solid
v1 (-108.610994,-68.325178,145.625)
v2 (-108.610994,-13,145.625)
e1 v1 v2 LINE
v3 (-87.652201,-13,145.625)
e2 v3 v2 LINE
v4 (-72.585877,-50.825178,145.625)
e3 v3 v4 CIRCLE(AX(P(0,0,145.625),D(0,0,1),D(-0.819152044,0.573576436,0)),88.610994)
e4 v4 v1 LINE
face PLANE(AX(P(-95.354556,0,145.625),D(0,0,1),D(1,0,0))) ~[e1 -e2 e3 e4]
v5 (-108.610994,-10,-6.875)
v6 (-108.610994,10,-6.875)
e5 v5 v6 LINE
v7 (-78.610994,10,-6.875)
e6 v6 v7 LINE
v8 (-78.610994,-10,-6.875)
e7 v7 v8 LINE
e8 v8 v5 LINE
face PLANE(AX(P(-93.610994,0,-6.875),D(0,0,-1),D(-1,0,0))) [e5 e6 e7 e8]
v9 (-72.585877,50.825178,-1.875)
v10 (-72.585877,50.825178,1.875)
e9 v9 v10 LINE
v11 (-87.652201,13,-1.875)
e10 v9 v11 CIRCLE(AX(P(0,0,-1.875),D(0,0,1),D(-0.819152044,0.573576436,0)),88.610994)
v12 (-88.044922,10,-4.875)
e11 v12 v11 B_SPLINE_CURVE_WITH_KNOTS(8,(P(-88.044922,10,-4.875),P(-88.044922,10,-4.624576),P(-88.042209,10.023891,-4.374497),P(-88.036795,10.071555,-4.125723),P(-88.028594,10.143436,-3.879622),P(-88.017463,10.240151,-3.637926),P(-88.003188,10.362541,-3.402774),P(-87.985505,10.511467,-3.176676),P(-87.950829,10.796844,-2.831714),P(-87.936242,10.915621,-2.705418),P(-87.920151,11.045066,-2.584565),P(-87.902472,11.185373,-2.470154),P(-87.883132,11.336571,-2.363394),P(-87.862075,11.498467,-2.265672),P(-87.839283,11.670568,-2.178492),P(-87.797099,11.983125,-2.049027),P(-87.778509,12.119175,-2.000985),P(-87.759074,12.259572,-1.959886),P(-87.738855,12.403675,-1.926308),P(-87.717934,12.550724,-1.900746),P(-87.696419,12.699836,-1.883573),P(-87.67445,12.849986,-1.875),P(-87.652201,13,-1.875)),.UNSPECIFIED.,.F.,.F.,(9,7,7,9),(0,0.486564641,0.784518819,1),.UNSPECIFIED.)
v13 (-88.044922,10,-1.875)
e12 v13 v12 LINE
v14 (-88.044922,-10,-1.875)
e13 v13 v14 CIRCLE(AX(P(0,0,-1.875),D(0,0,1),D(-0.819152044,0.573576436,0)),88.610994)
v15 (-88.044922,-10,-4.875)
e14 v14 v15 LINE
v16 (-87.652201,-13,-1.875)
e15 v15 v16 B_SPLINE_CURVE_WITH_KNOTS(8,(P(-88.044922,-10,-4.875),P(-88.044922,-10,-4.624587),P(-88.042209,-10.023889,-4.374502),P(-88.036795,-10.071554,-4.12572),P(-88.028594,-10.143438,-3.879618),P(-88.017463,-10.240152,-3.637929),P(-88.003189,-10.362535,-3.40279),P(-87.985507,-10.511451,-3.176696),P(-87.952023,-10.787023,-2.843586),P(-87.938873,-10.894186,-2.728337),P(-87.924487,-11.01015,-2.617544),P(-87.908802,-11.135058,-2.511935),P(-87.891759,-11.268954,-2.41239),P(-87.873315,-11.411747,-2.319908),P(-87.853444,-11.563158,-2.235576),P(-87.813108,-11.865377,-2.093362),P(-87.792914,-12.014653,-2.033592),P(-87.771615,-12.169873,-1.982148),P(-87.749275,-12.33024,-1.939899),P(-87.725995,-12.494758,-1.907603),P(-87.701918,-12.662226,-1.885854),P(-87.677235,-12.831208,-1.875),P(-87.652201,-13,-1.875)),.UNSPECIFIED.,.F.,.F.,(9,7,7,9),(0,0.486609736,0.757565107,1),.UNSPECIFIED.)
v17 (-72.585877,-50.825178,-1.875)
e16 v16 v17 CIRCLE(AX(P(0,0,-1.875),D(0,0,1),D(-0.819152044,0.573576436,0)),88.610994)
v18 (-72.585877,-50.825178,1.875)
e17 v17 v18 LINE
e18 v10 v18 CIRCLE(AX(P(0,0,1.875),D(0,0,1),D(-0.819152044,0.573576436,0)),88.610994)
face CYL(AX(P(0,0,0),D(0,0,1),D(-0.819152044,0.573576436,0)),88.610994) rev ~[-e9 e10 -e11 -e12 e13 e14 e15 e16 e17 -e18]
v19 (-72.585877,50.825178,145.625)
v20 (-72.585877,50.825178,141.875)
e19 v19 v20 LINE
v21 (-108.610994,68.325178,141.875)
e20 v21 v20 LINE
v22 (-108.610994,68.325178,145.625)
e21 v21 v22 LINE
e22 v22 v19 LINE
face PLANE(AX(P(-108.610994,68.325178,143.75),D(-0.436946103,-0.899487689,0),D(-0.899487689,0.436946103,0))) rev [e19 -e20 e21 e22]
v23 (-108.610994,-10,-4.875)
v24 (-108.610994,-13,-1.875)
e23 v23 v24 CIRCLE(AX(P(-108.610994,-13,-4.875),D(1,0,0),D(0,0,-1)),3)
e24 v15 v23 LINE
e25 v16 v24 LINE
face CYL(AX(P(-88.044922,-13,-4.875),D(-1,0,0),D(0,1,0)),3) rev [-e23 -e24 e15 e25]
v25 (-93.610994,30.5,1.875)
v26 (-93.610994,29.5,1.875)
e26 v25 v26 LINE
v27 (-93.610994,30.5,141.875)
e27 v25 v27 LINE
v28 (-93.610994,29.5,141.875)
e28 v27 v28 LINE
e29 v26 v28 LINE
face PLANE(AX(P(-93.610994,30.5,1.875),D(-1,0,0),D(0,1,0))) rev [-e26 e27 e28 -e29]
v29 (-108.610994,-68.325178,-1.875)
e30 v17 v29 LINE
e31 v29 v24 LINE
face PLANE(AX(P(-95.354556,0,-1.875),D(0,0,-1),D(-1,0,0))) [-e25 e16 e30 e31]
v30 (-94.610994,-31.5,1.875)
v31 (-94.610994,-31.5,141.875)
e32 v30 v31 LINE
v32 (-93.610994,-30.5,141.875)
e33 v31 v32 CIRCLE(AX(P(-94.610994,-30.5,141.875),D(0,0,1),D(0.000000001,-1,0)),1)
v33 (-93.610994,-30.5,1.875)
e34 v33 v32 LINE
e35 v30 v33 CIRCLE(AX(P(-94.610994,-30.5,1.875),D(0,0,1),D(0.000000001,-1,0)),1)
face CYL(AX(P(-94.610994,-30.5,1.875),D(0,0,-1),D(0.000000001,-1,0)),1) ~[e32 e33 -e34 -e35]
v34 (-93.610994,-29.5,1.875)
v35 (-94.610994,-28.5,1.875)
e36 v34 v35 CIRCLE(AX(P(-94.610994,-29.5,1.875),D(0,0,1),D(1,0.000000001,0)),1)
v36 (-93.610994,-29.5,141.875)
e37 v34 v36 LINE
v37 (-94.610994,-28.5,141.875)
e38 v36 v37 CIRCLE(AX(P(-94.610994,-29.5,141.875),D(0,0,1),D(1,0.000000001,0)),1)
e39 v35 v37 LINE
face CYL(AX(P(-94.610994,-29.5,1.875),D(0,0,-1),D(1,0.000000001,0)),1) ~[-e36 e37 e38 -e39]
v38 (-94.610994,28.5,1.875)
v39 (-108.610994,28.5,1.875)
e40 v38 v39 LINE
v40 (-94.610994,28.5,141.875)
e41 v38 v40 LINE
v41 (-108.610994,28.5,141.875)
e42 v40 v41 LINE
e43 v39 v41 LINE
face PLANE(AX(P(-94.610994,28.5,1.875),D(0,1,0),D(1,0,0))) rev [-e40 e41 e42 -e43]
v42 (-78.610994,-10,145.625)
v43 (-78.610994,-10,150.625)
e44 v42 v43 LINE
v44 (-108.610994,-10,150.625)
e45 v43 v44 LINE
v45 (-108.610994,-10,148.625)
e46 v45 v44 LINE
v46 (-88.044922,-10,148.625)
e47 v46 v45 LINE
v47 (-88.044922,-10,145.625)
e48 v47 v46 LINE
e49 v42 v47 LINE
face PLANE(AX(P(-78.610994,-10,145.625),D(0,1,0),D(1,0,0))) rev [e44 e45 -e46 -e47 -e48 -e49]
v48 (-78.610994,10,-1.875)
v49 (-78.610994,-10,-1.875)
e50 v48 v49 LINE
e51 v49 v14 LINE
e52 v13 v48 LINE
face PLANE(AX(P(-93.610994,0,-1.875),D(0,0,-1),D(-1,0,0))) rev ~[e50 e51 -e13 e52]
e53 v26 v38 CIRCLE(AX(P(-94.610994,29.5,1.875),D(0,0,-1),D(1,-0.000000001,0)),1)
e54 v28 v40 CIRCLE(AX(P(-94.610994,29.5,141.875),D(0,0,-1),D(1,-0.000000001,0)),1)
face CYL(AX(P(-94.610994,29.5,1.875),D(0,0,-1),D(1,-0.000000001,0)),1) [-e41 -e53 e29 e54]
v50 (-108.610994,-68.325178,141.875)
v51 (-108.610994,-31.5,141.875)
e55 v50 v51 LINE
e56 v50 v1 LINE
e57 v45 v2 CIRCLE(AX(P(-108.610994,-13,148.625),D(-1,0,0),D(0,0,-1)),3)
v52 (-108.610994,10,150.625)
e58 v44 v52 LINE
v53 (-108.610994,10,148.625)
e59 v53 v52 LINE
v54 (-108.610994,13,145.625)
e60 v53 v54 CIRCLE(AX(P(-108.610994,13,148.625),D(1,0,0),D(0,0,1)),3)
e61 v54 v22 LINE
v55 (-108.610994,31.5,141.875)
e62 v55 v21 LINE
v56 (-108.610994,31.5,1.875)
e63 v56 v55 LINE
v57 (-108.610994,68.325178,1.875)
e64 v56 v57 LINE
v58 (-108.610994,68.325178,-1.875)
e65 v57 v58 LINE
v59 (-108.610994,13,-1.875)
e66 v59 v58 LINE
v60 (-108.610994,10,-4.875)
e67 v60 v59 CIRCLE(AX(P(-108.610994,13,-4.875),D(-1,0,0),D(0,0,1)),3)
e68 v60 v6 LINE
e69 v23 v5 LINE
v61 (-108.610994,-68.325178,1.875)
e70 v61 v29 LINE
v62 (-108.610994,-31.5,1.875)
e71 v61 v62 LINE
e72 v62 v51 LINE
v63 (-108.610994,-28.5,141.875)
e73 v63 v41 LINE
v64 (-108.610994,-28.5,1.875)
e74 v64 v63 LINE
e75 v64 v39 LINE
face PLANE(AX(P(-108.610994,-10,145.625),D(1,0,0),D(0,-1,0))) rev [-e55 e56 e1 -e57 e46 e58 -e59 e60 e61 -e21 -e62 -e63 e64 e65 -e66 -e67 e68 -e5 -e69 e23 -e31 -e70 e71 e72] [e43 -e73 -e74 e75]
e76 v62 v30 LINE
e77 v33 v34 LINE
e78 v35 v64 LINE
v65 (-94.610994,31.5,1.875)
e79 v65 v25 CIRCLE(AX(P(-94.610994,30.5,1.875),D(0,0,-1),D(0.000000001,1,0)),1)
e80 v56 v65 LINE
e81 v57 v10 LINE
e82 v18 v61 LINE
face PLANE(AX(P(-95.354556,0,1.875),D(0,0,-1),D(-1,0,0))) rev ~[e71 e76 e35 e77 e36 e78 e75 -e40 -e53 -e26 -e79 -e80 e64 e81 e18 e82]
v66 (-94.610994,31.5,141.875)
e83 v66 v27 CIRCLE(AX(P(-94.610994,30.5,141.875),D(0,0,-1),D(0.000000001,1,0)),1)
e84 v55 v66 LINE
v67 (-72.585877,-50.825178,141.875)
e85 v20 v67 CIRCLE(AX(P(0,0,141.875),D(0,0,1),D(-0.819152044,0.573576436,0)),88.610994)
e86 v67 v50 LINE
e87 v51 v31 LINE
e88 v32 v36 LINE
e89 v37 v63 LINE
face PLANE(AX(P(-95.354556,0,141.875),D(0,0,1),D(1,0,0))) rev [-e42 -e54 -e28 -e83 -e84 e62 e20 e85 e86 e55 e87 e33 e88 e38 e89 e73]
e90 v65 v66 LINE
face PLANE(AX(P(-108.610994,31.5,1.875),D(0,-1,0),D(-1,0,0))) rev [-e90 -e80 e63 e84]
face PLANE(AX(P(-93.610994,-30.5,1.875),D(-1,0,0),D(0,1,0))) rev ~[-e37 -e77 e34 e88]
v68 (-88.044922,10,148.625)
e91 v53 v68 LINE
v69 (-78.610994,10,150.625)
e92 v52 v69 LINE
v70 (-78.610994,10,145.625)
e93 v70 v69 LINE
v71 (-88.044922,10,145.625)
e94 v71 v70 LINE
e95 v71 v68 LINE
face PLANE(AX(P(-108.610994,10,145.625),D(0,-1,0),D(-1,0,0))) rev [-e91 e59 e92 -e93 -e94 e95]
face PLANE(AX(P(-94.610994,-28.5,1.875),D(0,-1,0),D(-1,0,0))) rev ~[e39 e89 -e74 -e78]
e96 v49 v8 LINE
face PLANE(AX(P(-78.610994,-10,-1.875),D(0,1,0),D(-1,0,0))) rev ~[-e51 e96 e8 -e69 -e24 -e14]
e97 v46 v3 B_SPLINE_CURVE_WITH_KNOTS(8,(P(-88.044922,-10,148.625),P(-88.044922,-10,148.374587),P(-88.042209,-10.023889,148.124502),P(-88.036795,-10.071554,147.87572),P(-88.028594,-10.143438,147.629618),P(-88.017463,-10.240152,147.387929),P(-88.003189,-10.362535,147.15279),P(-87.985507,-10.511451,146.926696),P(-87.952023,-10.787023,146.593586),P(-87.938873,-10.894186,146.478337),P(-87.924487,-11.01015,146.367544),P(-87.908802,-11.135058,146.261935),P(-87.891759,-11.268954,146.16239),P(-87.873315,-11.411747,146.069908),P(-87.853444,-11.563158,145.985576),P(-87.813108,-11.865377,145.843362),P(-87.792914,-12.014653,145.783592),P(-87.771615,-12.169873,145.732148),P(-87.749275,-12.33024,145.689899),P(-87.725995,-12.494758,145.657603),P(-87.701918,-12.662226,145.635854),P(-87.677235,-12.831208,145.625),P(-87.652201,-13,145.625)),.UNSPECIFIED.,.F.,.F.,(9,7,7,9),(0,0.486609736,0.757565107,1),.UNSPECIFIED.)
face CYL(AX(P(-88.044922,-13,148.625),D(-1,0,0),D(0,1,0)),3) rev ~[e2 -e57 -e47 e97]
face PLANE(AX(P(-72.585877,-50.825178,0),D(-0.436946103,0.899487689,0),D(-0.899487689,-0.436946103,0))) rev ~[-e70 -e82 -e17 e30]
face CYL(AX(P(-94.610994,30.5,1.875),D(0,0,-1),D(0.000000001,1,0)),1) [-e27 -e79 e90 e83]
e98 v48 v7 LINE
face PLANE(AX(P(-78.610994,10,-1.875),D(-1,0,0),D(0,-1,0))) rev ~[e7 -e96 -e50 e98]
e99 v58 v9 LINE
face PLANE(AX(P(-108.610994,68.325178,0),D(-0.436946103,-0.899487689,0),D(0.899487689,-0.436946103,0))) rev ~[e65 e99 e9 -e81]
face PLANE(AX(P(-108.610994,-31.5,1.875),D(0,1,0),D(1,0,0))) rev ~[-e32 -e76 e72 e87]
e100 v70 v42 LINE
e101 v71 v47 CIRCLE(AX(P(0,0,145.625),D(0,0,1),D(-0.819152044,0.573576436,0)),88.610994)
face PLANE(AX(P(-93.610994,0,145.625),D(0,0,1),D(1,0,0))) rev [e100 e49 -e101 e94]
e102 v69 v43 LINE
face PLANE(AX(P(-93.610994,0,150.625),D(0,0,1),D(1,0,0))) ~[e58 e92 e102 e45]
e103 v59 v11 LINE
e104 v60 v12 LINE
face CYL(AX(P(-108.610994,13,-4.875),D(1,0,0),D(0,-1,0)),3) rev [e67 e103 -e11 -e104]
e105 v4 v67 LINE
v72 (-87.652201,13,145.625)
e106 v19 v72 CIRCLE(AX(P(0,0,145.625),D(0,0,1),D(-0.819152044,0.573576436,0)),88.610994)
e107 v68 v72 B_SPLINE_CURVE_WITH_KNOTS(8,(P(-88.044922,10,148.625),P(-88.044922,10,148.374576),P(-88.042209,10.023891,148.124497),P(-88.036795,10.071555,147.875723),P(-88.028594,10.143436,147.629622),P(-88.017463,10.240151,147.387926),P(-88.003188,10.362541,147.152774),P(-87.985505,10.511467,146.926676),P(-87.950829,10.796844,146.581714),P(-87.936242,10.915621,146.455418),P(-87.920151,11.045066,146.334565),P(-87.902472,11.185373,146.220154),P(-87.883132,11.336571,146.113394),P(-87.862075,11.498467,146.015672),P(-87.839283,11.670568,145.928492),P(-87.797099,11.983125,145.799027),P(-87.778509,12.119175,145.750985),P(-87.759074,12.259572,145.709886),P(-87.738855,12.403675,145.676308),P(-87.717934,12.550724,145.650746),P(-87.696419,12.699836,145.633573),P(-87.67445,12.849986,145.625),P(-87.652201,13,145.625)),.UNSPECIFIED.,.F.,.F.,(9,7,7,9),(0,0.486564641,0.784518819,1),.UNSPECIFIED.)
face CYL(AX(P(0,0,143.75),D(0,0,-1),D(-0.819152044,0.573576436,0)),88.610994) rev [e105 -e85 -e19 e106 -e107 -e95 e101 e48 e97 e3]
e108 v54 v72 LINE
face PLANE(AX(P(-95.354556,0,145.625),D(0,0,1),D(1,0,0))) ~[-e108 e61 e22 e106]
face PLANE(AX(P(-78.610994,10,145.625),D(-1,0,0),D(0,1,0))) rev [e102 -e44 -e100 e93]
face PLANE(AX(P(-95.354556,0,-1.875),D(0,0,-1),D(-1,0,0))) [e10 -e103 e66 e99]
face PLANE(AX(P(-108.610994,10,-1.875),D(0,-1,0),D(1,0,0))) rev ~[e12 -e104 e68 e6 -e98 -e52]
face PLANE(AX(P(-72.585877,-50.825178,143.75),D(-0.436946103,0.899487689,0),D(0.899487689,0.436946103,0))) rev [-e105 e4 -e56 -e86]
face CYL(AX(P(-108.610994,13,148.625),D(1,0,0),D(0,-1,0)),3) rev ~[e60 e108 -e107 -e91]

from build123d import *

# Parameters (mm, degrees)
BOSS_EXTRUDE1_DEPTH = 1.875
BOSS_EXTRUDE3_DEPTH = 140
BOSS_EXTRUDE4_DEPTH = 5
FILLET4_R           = 3


with BuildPart() as part:
    # Sketch1 → Boss-Extrude1 (new body, symmetric)
    with BuildSketch(Plane.XY):
        with BuildLine():
            Line((-72.585877034, -50.825178267), (-108.610994186, -68.325178267))
            Line((-108.610994186, -68.325178267), (-108.610994186, 68.325178267))
            Line((-108.610994186, 68.325178267), (-72.585877034, 50.825178267))
            ThreePointArc((-72.585877034, 50.825178267), (-88.610994186, 0), (-72.585877034, -50.825178267))
        make_face()
    boss_extrude1 = extrude(amount=BOSS_EXTRUDE1_DEPTH, both=True)

    # Sketch3 → Boss-Extrude3 (add)
    with BuildSketch(Plane.XY.offset(1.875)):
        with BuildLine():
            Line((-108.610994186, -28.5), (-108.610994186, -31.5))
            Line((-108.610994186, -31.5), (-94.610994186, -31.5))
            ThreePointArc((-94.610994186, -31.5), (-93.903887405, -31.207106781), (-93.610994186, -30.5))
            Line((-93.610994186, -30.5), (-93.610994186, -29.5))
            ThreePointArc((-93.610994186, -29.5), (-93.903887405, -28.792893219), (-94.610994186, -28.5))
            Line((-94.610994186, -28.5), (-108.610994186, -28.5))
        make_face()
    boss_extrude3 = extrude(amount=BOSS_EXTRUDE3_DEPTH)

    # Mirror2: Boss-Extrude3 across plane
    add(boss_extrude3.mirror(Plane.ZX))

    # Mirror7: Boss-Extrude1 across plane
    add(boss_extrude1.mirror(Plane.XY.offset(71.875)))

    # Sketch4 → Boss-Extrude4 (add)
    with BuildSketch(Plane(origin=(0, 0, -1.875), x_dir=(-1, 0, 0), z_dir=(0, 0, -1))):
        Polygon((108.610994186, 0), (108.610994186, 10), (78.610994186, 10), (78.610994186, -10), (108.610994186, -10), align=None)
    boss_extrude4 = extrude(amount=BOSS_EXTRUDE4_DEPTH)

    # Mirror10: Boss-Extrude4 across plane
    add(boss_extrude4.mirror(Plane.XY.offset(71.875)))

    # Fillet4
    fillet4_edges = [part.edges().sort_by_distance(p)[0] for p in [
        (-98.327958095, -10, -1.875),
        (-98.327958095, 10, -1.875),
        (-98.327958095, -10, 145.625),
        (-98.327958095, 10, 145.625),
    ]]
    fillet(fillet4_edges, radius=FILLET4_R)


solid = part.part
